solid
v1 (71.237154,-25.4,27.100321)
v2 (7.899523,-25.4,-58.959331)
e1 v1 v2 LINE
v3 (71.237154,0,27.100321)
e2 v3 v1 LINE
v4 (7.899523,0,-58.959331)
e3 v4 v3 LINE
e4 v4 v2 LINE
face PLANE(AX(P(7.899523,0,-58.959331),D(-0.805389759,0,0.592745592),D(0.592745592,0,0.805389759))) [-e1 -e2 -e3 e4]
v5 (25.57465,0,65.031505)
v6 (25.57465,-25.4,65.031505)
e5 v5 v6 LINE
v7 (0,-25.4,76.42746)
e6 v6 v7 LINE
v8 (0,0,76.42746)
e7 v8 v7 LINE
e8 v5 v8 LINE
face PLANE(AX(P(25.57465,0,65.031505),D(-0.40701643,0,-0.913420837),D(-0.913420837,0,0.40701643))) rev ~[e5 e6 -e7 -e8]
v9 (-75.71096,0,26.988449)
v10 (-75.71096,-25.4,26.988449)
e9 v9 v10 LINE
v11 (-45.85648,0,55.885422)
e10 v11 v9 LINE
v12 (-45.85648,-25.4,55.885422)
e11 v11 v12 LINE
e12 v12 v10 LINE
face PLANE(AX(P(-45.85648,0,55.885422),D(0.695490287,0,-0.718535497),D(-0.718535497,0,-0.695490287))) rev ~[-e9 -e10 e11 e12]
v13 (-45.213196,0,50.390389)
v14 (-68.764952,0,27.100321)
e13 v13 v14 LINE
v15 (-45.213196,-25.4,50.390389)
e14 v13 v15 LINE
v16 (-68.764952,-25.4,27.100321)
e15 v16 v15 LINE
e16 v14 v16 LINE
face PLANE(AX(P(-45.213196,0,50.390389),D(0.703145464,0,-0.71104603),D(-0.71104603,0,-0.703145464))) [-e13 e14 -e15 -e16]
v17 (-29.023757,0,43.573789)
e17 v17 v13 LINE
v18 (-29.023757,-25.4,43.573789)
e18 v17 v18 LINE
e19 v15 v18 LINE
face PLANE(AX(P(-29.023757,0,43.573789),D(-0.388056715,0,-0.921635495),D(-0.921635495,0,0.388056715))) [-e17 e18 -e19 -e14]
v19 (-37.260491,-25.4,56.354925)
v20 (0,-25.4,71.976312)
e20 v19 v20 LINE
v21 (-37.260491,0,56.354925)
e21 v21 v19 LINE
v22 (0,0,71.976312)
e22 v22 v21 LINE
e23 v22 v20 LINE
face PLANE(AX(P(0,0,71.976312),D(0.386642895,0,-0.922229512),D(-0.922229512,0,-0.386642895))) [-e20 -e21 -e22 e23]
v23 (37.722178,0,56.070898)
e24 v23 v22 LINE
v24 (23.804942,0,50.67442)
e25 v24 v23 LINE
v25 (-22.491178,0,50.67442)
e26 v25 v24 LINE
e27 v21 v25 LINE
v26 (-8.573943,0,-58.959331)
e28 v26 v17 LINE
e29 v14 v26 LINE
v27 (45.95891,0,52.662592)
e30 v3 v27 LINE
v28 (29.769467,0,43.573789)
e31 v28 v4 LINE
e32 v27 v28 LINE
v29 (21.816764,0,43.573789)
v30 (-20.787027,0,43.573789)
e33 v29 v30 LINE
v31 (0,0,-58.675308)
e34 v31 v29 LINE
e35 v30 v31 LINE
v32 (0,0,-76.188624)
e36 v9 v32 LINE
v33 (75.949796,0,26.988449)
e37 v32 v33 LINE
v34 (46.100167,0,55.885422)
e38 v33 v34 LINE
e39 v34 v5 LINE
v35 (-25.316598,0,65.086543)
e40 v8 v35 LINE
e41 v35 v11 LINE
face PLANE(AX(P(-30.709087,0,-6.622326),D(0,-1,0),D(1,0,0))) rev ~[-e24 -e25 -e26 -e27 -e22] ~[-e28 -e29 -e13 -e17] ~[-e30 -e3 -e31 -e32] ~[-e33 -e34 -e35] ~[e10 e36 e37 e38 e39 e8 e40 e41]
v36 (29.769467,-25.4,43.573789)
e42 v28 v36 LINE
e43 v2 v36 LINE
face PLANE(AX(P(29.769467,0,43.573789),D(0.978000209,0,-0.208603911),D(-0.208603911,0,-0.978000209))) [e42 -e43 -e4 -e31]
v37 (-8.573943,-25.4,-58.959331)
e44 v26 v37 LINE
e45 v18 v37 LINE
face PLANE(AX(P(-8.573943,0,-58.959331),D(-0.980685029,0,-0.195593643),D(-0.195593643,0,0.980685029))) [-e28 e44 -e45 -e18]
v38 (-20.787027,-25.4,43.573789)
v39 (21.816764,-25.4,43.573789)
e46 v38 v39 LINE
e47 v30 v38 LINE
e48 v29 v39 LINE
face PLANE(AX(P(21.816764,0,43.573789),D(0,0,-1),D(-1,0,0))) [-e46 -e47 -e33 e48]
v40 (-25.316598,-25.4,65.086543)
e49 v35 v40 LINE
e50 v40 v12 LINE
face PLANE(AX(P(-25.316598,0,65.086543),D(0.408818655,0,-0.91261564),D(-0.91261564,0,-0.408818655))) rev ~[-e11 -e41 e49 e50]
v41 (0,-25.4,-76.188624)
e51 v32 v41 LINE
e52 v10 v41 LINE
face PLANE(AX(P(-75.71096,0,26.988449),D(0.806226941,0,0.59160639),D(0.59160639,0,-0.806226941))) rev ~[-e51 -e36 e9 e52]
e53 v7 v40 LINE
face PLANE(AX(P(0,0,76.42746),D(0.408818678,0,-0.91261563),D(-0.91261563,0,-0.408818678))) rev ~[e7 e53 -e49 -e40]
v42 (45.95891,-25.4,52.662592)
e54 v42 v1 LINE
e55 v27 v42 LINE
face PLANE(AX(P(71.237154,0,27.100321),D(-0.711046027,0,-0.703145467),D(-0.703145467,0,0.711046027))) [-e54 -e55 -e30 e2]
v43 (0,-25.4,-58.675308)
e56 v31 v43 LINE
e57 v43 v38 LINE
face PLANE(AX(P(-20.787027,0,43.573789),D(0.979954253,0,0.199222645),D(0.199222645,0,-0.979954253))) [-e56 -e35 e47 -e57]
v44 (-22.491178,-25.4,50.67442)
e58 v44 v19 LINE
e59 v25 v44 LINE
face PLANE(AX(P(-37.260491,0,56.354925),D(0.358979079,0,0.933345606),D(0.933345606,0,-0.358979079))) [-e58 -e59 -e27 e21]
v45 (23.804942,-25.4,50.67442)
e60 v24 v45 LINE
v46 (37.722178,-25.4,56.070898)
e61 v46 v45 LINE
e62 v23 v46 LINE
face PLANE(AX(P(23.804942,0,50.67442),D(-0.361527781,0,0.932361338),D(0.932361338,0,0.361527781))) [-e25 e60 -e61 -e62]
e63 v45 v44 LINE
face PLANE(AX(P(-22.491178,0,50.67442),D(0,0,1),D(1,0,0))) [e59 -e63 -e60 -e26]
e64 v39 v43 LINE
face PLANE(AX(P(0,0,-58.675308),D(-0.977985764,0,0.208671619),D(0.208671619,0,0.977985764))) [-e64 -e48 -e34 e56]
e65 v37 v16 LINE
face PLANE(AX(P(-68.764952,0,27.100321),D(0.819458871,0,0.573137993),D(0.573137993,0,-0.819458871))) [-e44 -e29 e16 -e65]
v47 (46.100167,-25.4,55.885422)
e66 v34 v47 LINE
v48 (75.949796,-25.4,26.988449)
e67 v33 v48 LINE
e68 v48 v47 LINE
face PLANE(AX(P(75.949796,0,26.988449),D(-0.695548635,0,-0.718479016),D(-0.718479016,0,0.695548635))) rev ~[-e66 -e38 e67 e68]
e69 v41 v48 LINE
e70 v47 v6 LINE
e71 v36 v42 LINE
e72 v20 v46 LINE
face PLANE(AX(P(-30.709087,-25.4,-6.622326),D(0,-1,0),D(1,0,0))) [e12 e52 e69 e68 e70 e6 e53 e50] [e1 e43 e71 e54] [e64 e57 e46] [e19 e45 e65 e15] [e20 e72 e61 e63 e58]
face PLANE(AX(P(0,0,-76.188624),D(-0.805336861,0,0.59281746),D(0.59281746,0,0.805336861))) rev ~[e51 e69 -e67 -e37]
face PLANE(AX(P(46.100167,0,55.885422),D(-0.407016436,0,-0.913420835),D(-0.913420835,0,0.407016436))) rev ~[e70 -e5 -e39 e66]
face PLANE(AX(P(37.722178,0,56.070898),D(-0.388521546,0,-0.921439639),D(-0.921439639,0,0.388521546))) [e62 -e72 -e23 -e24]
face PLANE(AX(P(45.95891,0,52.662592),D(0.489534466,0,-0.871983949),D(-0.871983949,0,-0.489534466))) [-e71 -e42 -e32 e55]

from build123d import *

# Parameters (mm, degrees)
F3_DEPTH = 25.4
F4_DEPTH = 30.48
F7_DEPTH = 50.8


with BuildPart() as f3:
    # F0 (on Front) → F3 (new body)
    with BuildSketch(Plane.XZ):
        Polygon((-75.71096, 26.988449), (0, -76.188624), (-25.316598, 47.161441), (-45.85648, 55.885422), align=None)
        Polygon((26.625417, 47.161441), (0, -76.188624), (75.949796, 26.988449), (46.100167, 55.885422), align=None)
        Polygon((-25.316598, 47.161441), (0, -76.188624), (26.625417, 47.161441), align=None)
        Polygon((-45.85648, 55.885422), (-25.316598, 47.161441), (-15.569561, 60.743305), (-25.316598, 65.086543), align=None)
        Polygon((-15.569561, 60.743305), (16.001999, 60.743305), (25.57465, 65.031505), (0, 76.42746), (-25.316598, 65.086543), align=None)
        Polygon((16.001999, 60.743305), (26.625417, 47.161441), (46.100167, 55.885422), (25.57465, 65.031505), align=None)
        Polygon((-25.316598, 47.161441), (26.625417, 47.161441), (16.001999, 60.743305), (-15.569561, 60.743305), align=None)
    extrude(amount=F3_DEPTH)

    # F1 (on Front) + F2 (on Front) → F4 (cut)
    with BuildSketch(Plane.XZ):
        Polygon((-68.764952, 27.100321), (-8.573943, -58.959331), (-29.023757, 43.573789), (-45.213196, 50.390389), align=None)
        Polygon((71.237154, 27.100321), (45.95891, 52.662592), (29.769467, 43.573789), (7.899523, -58.959331), align=None)
    with BuildSketch(Plane.XZ):
        Polygon((21.816764, 43.573789), (-20.787027, 43.573789), (0, -58.675308), align=None)
        Polygon((0, 71.976312), (-37.260491, 56.354925), (-22.491178, 50.67442), (23.804942, 50.67442), (37.722178, 56.070898), align=None)
    extrude(amount=F4_DEPTH, mode=Mode.SUBTRACT)

    # F5 (on Front) + F6 (on Front) → F7 (cut)
    with BuildSketch(Plane.XZ):
        Polygon((-33.284139, 39.881457), (-44.929173, 44.993915), (-62.822767, 26.248246), (-17.946774, -37.373412), align=None)
    with BuildSketch(Plane.XZ):
        Polygon((16.420284, 39.029382), (-15.390549, 39.029382), (0, -39.361589), align=None)
        Polygon((64.420559, 26.816297), (44.822805, 46.698064), (33.177774, 39.029382), (16.420284, -39.361589), align=None)
    extrude(amount=F7_DEPTH, mode=Mode.SUBTRACT)


solid = f3.part
